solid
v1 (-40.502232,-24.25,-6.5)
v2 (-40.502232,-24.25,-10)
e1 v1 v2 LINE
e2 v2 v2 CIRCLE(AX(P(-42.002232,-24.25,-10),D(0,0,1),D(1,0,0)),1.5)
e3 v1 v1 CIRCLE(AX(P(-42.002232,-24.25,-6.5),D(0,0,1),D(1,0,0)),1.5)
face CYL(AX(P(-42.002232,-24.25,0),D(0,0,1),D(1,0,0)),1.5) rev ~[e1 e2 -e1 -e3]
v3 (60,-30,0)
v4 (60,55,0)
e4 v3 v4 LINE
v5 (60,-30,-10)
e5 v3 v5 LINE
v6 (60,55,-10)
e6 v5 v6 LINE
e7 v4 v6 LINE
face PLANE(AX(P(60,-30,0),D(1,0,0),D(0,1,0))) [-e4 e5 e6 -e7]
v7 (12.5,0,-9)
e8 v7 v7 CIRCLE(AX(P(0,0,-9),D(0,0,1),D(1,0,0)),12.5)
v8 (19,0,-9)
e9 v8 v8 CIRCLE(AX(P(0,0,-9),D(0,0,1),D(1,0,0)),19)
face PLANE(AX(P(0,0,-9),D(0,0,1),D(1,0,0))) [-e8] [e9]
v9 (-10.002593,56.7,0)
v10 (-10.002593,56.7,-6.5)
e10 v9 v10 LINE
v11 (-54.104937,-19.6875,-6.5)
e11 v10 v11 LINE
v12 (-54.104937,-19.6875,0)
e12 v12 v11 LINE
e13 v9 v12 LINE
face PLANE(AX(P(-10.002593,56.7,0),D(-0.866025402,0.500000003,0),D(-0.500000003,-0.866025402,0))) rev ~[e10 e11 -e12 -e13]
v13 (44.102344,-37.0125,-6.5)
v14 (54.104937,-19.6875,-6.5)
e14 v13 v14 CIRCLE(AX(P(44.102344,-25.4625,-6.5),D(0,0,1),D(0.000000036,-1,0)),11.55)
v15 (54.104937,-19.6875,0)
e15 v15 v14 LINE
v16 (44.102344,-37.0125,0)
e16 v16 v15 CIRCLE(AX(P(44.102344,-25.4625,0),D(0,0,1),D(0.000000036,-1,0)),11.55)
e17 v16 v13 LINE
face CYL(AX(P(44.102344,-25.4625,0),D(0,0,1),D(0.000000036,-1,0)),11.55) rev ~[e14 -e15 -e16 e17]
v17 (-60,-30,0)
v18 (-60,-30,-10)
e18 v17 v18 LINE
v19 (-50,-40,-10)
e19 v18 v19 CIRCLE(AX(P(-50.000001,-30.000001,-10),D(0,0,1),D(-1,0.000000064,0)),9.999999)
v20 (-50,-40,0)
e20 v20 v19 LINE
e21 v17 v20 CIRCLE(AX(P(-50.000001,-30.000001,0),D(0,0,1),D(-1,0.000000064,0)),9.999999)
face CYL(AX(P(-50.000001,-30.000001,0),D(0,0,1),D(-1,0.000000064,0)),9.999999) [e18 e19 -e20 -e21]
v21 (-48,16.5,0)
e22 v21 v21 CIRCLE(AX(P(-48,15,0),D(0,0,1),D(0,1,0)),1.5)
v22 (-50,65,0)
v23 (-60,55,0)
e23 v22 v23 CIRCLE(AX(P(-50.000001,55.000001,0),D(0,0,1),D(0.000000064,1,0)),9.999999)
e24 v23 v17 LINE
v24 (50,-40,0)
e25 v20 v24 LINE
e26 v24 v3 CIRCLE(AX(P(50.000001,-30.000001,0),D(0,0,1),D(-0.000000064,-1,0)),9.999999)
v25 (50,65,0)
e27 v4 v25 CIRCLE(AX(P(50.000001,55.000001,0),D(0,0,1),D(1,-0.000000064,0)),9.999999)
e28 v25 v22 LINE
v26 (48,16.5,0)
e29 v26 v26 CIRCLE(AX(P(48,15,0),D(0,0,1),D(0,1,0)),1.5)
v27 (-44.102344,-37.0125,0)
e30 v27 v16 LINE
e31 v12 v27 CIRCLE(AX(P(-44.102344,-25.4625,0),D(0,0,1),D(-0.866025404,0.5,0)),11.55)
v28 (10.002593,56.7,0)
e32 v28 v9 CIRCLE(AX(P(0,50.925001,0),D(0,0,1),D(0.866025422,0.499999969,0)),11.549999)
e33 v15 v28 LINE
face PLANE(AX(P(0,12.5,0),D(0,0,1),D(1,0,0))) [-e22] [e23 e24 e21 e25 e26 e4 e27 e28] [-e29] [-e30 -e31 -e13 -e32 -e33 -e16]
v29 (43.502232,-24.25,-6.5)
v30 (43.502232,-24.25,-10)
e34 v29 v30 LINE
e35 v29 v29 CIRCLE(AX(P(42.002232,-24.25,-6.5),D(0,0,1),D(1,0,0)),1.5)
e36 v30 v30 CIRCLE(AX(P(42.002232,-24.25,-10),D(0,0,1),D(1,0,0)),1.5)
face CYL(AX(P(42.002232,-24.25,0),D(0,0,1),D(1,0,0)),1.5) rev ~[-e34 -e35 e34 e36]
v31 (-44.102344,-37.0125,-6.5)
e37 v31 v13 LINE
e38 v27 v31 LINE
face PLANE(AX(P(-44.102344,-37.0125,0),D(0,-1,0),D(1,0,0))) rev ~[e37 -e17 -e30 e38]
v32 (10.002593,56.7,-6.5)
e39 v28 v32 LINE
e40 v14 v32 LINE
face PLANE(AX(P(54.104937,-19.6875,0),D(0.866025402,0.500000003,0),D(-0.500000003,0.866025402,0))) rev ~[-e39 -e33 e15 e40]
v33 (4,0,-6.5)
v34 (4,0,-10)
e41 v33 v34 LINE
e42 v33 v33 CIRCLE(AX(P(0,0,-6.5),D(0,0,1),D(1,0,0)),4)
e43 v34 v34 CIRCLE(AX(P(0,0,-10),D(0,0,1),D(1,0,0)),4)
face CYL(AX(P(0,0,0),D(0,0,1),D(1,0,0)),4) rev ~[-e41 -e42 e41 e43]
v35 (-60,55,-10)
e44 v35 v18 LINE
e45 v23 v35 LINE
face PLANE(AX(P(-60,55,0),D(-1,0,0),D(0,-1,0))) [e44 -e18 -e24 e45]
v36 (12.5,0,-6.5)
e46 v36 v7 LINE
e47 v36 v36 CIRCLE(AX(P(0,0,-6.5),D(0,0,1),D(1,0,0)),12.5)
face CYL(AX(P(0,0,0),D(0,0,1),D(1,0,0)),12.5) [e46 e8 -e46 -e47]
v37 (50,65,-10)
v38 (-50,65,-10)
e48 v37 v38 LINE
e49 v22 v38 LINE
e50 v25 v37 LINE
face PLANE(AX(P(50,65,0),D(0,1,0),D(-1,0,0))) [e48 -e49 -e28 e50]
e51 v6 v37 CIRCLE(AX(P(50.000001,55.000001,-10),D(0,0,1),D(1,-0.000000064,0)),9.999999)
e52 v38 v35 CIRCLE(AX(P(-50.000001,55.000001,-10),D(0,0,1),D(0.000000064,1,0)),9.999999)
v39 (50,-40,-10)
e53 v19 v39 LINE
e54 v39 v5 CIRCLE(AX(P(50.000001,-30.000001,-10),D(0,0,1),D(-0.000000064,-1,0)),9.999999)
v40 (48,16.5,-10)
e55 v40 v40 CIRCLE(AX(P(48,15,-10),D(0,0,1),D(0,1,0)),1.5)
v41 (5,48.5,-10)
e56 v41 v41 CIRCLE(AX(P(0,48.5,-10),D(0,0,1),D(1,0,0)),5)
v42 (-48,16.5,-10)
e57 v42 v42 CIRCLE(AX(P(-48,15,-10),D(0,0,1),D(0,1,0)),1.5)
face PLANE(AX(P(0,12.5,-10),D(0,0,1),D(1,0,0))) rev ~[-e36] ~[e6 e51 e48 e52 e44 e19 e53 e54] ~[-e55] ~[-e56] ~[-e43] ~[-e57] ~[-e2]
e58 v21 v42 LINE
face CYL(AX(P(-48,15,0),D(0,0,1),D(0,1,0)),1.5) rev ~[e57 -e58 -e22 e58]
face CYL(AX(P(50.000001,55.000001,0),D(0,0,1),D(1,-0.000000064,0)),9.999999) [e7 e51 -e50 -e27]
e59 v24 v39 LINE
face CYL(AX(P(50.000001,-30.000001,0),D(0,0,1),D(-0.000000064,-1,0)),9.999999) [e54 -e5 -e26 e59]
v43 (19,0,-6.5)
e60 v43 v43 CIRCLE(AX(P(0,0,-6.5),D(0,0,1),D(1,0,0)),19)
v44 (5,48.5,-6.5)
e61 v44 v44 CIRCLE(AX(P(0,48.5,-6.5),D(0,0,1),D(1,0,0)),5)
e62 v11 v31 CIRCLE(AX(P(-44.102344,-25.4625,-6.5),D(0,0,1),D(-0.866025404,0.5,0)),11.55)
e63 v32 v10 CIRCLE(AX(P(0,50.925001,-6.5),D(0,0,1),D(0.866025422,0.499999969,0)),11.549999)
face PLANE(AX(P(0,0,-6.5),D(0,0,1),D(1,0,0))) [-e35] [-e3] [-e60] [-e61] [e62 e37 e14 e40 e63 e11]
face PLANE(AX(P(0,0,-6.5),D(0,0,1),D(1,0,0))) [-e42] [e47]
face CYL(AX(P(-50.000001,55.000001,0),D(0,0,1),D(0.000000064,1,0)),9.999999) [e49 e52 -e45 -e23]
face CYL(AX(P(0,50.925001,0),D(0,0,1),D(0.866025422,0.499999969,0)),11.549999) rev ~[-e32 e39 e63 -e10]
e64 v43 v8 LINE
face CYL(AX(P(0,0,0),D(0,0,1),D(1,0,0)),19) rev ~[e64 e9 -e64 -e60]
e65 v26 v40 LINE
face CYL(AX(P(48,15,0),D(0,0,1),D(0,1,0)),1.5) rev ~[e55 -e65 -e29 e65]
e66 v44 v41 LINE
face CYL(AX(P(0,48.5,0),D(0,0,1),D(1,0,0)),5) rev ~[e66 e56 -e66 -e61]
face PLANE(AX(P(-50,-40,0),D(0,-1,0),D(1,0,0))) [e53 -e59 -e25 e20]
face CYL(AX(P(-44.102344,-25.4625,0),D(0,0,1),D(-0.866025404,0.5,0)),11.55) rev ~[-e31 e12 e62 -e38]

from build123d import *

# Parameters (mm, degrees)
PAD_DEPTH       = 10
SKETCH_R        = 1.5
SKETCH_R_2      = 5
SKETCH_R_3      = 4
POCKET_DEPTH    = 10.001
POCKET001_DEPTH = 6.5
SKETCH006_R     = 19
SKETCH006_R_2   = 12.5
POCKET002_DEPTH = 9
SHAPEBINDER_R   = 1.5
POCKET003_DEPTH = 10.001


with BuildPart() as part:
    # Clone2D → Pad (new body)
    with BuildSketch(Plane.XY):
        with BuildLine():
            Line((-50, -40), (50, -40))
            ThreePointArc((50, -40), (57.071068, -37.071068), (60, -30))
            Line((60, -30), (60, 55))
            ThreePointArc((60, 55), (57.071068, 62.071068), (50, 65))
            Line((50, 65), (-50, 65))
            ThreePointArc((-50, 65), (-57.071068, 62.071068), (-60, 55))
            Line((-60, 55), (-60, -30))
            ThreePointArc((-60, -30), (-57.071068, -37.071068), (-50, -40))
        make_face()
    extrude(amount=-PAD_DEPTH)

    # Sketch → Pocket (cut, through all)
    with BuildSketch(Plane.XY):
        with Locations((-42.002232, -24.25)):
            Circle(SKETCH_R)
        with Locations((42.002232, -24.25)):
            Circle(SKETCH_R)
        with Locations((0, 48.5)):
            Circle(SKETCH_R_2)
        Circle(SKETCH_R_3)
    extrude(amount=-POCKET_DEPTH, mode=Mode.SUBTRACT)

    # Clone2D002 → Pocket001 (cut)
    with BuildSketch(Plane.XY):
        with BuildLine():
            ThreePointArc((10.002593, 56.7), (0, 62.475), (-10.002593, 56.7))
            Line((-10.002593, 56.7), (-54.104937, -19.6875))
            ThreePointArc((-54.104937, -19.6875), (-54.104937, -31.2375), (-44.102344, -37.0125))
            Line((-44.102344, -37.0125), (44.102344, -37.0125))
            ThreePointArc((44.102344, -37.0125), (54.104937, -31.2375), (54.104937, -19.6875))
            Line((54.104937, -19.6875), (10.002593, 56.7))
        make_face()
    extrude(amount=-POCKET001_DEPTH, mode=Mode.SUBTRACT)

    # Sketch006 → Pocket002 (cut)
    with BuildSketch(Plane.XY):
        Circle(SKETCH006_R)
        Circle(SKETCH006_R_2, mode=Mode.SUBTRACT)
    extrude(amount=-POCKET002_DEPTH, mode=Mode.SUBTRACT)

    # ShapeBinder → Pocket003 (cut, through all)
    with BuildSketch(Plane(origin=(0, 15, 0), x_dir=(0, 1, 0), z_dir=(0, 0, 1))):
        with Locations((0, 48)):
            Circle(SHAPEBINDER_R)
        with Locations((0, -48)):
            Circle(SHAPEBINDER_R)
    extrude(amount=-POCKET003_DEPTH, mode=Mode.SUBTRACT)


solid = part.part
